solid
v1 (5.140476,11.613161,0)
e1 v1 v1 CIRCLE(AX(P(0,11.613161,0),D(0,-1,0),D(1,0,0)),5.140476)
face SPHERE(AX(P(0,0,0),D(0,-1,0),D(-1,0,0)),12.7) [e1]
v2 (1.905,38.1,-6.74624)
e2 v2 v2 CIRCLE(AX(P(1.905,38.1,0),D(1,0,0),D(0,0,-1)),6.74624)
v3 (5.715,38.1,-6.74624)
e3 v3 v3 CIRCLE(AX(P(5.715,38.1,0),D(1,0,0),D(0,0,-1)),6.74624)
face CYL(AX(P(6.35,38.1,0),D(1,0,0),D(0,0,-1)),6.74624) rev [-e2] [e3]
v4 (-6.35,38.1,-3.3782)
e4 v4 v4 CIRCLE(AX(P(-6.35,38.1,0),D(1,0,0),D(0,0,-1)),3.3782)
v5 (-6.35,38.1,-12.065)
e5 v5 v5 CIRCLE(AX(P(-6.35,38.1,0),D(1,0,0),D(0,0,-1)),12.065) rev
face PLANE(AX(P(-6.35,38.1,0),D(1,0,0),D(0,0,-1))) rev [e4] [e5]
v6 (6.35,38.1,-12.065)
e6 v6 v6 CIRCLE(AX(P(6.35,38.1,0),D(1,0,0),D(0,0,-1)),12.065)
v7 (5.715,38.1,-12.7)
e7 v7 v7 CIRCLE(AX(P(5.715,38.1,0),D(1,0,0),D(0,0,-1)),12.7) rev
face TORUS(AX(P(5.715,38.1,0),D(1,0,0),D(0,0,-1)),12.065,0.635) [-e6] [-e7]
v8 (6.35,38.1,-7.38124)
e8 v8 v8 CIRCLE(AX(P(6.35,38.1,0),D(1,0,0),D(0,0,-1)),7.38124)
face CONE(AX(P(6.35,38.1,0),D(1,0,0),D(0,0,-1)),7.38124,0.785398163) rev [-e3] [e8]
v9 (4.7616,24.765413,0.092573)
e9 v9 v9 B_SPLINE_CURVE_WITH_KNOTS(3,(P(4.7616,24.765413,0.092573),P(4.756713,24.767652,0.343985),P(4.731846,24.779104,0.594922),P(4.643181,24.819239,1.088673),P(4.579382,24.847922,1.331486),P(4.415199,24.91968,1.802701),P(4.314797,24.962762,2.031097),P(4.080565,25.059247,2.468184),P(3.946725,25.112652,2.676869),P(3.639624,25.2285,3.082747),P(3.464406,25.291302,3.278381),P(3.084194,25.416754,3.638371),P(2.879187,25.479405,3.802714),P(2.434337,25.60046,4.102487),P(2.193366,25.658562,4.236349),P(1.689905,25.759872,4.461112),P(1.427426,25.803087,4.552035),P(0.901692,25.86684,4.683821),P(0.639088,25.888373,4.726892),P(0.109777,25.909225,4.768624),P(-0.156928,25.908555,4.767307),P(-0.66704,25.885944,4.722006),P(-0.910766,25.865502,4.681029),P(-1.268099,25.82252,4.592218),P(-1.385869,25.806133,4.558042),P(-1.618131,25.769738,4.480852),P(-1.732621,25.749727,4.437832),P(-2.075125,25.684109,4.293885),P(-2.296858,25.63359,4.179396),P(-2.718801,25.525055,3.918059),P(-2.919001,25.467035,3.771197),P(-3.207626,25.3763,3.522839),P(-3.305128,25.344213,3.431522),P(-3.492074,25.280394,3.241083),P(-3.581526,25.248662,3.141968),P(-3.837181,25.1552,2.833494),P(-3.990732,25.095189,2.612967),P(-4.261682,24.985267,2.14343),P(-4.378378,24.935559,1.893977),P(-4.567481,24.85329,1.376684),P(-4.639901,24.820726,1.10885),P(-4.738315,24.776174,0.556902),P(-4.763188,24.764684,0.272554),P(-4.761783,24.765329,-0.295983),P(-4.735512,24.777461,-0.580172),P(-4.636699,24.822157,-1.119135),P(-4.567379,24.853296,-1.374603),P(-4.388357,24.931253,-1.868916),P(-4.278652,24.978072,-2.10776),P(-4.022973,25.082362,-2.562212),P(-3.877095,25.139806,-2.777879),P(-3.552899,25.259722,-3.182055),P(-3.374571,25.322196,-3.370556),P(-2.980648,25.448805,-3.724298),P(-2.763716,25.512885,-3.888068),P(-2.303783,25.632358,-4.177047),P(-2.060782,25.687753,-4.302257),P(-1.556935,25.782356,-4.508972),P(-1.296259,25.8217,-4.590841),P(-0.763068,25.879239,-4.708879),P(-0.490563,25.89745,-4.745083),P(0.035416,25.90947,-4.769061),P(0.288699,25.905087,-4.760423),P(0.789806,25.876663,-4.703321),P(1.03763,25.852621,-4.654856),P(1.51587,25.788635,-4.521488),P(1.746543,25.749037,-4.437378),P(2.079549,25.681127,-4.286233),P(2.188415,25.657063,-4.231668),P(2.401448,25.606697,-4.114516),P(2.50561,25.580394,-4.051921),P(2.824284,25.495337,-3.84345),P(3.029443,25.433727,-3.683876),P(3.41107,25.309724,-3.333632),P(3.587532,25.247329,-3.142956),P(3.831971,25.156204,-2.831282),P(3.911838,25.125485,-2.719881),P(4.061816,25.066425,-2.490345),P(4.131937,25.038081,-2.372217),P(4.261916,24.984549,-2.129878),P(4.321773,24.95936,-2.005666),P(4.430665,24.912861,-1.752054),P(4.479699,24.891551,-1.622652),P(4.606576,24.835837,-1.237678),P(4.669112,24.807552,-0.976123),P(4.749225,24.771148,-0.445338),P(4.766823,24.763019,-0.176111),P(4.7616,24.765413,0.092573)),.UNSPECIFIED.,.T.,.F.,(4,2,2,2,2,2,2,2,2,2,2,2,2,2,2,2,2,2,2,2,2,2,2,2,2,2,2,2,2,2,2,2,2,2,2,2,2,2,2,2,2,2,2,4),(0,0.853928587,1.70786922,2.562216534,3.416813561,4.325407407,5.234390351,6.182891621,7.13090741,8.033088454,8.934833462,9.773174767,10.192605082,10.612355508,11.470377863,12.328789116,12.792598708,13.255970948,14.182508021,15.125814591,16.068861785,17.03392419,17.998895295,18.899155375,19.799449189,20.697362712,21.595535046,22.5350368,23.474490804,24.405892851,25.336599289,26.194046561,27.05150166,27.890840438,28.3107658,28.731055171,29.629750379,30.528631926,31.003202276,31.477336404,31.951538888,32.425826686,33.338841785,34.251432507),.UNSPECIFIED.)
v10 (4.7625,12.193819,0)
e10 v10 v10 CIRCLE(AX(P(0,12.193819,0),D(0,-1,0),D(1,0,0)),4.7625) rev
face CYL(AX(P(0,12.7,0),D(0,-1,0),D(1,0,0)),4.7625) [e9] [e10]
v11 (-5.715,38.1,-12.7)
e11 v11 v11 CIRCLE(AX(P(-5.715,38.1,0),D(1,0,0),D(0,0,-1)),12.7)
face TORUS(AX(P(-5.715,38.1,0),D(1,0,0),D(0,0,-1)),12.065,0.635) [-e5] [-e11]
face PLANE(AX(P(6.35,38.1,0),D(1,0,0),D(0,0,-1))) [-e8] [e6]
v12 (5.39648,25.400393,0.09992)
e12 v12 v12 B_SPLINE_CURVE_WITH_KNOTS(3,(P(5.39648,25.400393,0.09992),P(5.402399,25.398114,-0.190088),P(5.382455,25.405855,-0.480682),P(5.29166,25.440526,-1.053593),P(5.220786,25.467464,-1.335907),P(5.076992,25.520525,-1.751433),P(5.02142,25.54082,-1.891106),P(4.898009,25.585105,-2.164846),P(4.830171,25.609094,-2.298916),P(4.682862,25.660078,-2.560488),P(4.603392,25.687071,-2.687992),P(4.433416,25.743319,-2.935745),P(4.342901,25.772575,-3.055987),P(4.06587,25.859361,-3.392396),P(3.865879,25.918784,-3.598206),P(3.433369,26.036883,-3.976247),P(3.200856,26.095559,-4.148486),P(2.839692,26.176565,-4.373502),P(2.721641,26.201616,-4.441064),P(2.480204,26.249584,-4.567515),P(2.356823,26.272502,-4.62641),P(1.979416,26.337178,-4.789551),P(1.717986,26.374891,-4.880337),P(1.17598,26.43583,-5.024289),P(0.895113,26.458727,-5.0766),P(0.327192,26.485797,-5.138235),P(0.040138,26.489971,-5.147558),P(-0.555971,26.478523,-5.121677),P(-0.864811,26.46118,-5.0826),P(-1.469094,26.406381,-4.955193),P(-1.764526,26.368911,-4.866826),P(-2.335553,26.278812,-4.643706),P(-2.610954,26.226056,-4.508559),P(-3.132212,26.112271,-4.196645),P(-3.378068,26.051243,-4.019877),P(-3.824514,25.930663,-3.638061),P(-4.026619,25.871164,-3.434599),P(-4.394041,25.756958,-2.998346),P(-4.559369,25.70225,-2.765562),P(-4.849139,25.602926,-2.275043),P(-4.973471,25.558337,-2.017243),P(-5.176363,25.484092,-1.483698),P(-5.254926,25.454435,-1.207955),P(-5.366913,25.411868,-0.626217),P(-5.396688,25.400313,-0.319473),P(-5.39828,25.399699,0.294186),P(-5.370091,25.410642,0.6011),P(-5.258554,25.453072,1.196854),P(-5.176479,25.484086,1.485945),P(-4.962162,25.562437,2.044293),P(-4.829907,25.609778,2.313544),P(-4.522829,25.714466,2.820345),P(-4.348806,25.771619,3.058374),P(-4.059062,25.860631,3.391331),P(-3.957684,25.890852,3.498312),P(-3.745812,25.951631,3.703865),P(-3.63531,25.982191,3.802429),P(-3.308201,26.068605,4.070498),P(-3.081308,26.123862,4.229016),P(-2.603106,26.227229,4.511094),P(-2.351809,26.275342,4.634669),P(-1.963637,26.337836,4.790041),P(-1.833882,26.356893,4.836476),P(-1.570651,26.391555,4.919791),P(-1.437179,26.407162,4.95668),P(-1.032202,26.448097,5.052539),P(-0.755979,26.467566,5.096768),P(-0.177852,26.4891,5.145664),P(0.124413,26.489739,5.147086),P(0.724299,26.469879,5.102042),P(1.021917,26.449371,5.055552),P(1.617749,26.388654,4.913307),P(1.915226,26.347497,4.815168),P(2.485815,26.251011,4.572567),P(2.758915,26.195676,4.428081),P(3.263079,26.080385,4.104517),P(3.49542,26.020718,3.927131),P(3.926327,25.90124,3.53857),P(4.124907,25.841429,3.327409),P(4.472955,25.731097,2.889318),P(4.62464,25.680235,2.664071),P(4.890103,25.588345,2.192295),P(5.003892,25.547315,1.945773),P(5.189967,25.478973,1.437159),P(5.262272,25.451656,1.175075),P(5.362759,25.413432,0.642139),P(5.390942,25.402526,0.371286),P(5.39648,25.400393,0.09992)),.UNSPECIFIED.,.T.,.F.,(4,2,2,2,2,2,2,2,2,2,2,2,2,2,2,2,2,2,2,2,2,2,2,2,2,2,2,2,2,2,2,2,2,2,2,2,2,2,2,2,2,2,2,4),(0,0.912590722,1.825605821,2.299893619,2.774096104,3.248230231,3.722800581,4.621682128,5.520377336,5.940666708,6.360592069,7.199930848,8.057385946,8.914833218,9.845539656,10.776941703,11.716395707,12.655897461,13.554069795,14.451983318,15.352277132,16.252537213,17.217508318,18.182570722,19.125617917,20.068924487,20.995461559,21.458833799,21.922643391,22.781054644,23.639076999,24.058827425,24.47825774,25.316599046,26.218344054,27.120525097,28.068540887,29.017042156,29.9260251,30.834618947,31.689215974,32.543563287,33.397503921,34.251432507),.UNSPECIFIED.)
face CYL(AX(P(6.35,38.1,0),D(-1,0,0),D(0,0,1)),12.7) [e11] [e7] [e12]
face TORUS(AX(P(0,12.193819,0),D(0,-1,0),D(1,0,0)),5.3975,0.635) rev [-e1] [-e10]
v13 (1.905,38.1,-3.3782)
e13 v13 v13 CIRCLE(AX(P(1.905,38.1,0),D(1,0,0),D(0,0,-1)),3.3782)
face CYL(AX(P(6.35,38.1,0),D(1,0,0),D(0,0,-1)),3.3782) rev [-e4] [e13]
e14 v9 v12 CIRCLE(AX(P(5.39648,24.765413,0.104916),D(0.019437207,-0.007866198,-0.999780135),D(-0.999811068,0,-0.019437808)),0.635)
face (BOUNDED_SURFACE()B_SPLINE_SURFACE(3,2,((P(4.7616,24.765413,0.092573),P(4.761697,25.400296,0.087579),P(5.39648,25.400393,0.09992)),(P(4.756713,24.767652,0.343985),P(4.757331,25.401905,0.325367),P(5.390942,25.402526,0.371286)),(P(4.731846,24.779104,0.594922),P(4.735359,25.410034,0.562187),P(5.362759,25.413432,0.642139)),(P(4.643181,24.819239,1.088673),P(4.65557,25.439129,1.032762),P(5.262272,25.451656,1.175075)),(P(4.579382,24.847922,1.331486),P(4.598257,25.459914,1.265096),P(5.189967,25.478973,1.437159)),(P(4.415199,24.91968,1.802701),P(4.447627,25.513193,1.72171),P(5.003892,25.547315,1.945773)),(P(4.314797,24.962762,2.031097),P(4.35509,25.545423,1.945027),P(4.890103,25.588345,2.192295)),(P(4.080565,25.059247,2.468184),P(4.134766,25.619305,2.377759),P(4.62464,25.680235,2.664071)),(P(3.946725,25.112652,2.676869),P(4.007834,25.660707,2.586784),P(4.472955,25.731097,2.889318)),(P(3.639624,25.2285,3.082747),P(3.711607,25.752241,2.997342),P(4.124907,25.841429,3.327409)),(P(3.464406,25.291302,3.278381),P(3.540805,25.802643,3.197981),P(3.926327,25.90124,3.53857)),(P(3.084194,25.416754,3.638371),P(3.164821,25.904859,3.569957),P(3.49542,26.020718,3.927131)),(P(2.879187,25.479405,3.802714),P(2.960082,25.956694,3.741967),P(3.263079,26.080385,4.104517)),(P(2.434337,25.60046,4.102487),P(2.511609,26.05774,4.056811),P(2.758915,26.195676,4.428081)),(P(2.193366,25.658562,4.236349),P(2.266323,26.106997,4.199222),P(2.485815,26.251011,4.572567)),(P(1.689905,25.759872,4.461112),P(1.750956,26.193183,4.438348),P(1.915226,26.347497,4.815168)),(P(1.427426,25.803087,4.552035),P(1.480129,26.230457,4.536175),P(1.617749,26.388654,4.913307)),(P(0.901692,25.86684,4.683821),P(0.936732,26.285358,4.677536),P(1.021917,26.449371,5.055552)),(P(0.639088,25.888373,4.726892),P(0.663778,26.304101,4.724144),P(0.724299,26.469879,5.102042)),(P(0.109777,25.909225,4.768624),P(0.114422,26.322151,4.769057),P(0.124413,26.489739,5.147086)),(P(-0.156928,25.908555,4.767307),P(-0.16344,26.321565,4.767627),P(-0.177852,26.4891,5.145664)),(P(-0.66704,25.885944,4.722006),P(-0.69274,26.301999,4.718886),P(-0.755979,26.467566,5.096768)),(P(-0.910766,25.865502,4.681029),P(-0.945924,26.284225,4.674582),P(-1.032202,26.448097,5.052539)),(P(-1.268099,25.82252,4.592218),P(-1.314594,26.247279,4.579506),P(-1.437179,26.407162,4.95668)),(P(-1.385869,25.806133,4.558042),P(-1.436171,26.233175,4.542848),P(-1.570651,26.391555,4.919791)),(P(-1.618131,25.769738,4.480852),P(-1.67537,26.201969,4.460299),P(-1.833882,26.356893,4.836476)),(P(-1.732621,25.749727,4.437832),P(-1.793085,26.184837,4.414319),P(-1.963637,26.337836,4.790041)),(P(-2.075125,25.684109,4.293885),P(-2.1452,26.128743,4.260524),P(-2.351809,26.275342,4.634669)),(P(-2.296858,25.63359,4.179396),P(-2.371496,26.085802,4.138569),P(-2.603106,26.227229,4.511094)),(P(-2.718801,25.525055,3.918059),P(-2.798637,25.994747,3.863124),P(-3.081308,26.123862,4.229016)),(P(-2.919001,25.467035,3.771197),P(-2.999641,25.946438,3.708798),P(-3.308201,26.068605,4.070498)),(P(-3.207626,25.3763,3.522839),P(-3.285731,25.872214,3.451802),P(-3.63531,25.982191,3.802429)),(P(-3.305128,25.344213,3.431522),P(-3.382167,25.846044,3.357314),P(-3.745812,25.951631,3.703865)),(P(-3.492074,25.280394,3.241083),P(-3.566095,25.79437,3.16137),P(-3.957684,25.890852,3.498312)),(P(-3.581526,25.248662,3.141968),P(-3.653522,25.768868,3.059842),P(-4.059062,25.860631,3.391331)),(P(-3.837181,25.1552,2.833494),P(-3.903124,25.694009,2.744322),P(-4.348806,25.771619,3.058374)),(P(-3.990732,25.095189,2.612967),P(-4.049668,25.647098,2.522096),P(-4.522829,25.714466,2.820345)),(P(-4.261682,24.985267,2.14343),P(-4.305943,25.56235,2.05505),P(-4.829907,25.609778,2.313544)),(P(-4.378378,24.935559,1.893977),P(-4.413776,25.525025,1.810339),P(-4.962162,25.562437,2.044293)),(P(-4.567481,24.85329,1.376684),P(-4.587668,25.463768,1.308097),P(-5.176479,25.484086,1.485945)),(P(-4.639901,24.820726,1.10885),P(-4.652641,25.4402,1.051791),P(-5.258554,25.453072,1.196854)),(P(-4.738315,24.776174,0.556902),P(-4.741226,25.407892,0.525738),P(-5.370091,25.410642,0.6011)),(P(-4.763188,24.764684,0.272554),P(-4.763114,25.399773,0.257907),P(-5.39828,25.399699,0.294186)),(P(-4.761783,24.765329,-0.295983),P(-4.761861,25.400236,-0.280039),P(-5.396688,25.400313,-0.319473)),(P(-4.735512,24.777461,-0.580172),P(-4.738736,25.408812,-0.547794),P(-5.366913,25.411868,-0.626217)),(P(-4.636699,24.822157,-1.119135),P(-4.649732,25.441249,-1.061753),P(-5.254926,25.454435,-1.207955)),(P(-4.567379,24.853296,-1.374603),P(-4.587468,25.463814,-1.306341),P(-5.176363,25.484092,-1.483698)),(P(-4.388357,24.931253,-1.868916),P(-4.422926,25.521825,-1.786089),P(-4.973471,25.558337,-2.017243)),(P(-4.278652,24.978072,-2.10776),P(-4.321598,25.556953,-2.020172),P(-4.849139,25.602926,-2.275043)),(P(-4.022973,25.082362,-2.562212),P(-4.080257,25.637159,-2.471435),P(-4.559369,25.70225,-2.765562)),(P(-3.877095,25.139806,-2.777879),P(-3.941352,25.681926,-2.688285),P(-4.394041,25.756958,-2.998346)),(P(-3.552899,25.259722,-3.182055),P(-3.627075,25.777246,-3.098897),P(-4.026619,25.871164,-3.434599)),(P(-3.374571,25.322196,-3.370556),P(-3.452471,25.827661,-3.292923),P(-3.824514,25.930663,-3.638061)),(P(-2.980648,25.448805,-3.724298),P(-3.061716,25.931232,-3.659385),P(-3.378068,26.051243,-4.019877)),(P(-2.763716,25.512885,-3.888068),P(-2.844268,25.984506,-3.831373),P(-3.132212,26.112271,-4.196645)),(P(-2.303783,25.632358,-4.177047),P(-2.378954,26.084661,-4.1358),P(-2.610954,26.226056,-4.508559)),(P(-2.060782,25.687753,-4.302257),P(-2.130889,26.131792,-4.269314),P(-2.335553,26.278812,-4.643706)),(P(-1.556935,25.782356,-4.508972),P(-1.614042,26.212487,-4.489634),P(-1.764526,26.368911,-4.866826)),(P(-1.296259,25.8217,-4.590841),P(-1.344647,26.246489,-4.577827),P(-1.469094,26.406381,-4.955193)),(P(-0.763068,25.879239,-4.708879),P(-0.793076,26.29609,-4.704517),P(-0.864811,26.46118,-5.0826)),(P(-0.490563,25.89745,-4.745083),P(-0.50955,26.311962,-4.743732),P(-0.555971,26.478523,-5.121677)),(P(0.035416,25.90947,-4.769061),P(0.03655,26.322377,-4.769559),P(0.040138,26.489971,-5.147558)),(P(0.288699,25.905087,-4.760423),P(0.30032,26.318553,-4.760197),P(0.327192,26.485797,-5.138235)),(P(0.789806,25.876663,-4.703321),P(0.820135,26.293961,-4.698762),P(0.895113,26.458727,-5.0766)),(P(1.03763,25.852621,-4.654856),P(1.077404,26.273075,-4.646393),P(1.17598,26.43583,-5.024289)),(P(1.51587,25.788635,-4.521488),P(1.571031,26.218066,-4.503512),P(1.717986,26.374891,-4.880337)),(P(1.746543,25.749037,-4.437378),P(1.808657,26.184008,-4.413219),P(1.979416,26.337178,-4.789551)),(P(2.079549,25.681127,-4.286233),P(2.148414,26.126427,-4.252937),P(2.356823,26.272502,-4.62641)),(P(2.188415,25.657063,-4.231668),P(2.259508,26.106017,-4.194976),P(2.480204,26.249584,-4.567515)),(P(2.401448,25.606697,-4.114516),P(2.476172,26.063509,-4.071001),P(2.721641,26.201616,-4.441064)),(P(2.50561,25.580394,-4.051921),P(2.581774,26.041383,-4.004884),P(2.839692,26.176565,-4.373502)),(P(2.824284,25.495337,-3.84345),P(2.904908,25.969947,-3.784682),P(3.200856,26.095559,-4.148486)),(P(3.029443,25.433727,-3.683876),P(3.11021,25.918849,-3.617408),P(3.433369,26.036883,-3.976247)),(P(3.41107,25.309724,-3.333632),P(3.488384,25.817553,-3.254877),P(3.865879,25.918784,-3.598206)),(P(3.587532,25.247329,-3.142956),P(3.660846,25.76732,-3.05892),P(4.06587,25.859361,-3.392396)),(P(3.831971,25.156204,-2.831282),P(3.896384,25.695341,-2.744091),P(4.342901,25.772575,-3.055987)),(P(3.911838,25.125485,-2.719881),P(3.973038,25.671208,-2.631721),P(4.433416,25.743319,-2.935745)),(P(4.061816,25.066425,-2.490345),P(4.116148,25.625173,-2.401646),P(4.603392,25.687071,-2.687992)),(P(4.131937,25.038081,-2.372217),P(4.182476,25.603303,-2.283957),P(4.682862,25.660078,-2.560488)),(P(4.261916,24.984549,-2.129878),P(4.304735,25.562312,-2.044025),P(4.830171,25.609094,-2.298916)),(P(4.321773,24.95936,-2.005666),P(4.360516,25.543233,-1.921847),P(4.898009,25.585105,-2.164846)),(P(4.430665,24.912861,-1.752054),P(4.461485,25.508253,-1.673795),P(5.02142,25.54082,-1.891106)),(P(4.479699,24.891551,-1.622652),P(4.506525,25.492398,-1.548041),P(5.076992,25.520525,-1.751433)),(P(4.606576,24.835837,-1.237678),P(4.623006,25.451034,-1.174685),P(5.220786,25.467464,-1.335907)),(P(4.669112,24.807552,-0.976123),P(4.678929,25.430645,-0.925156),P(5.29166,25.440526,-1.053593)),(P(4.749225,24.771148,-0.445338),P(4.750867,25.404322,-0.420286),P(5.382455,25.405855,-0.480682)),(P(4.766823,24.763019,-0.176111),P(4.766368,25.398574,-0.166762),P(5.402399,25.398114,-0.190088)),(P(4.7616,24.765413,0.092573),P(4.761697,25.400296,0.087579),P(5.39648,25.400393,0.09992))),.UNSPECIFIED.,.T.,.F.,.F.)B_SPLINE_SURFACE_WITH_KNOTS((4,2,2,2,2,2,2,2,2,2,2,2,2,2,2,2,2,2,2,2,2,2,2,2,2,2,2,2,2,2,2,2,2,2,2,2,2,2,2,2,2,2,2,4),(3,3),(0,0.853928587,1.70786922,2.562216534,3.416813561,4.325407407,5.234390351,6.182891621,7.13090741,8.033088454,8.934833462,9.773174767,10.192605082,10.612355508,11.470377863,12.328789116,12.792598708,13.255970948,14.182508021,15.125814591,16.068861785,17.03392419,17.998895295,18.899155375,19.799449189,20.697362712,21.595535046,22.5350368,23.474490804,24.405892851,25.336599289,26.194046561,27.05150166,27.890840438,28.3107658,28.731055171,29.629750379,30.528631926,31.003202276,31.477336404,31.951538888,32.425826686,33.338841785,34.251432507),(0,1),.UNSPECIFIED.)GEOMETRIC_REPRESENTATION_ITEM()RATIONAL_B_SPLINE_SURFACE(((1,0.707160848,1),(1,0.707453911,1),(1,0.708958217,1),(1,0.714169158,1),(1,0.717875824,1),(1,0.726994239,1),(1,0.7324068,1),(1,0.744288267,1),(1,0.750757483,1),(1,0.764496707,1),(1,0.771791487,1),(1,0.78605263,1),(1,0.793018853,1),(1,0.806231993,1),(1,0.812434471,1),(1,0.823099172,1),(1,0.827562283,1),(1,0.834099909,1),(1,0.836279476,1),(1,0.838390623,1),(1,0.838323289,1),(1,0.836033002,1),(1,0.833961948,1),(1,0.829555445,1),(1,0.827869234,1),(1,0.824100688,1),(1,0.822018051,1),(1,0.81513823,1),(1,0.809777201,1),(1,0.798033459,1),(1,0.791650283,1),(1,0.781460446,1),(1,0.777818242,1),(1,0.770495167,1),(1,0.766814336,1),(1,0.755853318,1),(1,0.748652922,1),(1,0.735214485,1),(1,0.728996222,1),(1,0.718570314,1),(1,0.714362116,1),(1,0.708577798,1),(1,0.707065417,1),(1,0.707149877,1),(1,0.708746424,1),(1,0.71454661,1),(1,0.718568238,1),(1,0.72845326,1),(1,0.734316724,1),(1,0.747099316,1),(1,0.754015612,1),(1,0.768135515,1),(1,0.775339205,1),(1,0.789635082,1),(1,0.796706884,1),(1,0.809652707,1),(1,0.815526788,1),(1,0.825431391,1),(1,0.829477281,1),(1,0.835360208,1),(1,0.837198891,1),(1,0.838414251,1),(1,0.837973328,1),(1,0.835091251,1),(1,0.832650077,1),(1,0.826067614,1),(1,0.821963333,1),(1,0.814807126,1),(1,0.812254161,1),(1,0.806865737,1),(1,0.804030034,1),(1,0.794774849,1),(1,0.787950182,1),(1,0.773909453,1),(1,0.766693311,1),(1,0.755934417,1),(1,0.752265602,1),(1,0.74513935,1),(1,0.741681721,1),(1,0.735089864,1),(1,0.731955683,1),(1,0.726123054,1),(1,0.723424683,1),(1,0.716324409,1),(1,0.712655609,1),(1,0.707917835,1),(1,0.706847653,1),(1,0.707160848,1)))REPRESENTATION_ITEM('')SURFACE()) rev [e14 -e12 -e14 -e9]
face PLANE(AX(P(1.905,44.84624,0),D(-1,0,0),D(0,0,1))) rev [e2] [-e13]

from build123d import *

# Parameters (mm, degrees)
SKETCH2_R           = 12.7
BOSS_EXTRUDE1_DEPTH = 6.35
FILLET1_R           = 0.635


with BuildPart() as part:
    # Sketch1 → Revolve1 (revolve)
    with BuildSketch(Plane.XY):
        with BuildLine():
            ThreePointArc((0, -12.7), (-12.7, 0), (0, 12.7))
            Line((0, 12.7), (0, -12.7))
        make_face()
        with BuildLine():
            ThreePointArc((-4.7625, 11.773215098), (-2.425919233, 12.466150804), (0, 12.7))
            Line((0, 12.7), (0, 38.1))
            Line((0, 38.1), (-4.7625, 38.1))
            Line((-4.7625, 38.1), (-4.7625, 11.773215098))
        make_face()
    revolve(axis=Axis((0, 12.7, 0), (0, 1, 0)))

    # Sketch2 → Boss-Extrude1 (add, symmetric)
    with BuildSketch(Plane(origin=(0, 0, 0), x_dir=(0, 0, -1), z_dir=(1, 0, 0))):
        with Locations((0, 38.1)):
            Circle(SKETCH2_R)
    extrude(amount=BOSS_EXTRUDE1_DEPTH, both=True)

    # Fillet1
    fillet1_edges = [part.edges().sort_by_distance(p)[0] for p in [
        (4.762500002, 25.4, -1e-09),
        (-6.35, 38.1, 12.7),
        (6.35, 38.1, 12.7),
        (4.7625, 11.773215098, 0),
    ]]
    fillet(fillet1_edges, radius=FILLET1_R)

    # Sketch4 → CBORE for 1/4 Pan Head Machine Screw1 (revolve, cut)
    with BuildSketch(Plane(origin=(6.35, 38.1, 0), x_dir=(0, 0, -1), z_dir=(0, 1, 0))):
        Polygon((0, 0), (0, 19.05), (3.3782, 19.05), (3.3782, 4.445), (6.74624, 4.445), (6.74624, 0.635), (7.38124, 0), align=None)
    revolve(axis=Axis((12.7, 38.1, 0), (-1, 0, 0)), mode=Mode.SUBTRACT)


solid = part.part
